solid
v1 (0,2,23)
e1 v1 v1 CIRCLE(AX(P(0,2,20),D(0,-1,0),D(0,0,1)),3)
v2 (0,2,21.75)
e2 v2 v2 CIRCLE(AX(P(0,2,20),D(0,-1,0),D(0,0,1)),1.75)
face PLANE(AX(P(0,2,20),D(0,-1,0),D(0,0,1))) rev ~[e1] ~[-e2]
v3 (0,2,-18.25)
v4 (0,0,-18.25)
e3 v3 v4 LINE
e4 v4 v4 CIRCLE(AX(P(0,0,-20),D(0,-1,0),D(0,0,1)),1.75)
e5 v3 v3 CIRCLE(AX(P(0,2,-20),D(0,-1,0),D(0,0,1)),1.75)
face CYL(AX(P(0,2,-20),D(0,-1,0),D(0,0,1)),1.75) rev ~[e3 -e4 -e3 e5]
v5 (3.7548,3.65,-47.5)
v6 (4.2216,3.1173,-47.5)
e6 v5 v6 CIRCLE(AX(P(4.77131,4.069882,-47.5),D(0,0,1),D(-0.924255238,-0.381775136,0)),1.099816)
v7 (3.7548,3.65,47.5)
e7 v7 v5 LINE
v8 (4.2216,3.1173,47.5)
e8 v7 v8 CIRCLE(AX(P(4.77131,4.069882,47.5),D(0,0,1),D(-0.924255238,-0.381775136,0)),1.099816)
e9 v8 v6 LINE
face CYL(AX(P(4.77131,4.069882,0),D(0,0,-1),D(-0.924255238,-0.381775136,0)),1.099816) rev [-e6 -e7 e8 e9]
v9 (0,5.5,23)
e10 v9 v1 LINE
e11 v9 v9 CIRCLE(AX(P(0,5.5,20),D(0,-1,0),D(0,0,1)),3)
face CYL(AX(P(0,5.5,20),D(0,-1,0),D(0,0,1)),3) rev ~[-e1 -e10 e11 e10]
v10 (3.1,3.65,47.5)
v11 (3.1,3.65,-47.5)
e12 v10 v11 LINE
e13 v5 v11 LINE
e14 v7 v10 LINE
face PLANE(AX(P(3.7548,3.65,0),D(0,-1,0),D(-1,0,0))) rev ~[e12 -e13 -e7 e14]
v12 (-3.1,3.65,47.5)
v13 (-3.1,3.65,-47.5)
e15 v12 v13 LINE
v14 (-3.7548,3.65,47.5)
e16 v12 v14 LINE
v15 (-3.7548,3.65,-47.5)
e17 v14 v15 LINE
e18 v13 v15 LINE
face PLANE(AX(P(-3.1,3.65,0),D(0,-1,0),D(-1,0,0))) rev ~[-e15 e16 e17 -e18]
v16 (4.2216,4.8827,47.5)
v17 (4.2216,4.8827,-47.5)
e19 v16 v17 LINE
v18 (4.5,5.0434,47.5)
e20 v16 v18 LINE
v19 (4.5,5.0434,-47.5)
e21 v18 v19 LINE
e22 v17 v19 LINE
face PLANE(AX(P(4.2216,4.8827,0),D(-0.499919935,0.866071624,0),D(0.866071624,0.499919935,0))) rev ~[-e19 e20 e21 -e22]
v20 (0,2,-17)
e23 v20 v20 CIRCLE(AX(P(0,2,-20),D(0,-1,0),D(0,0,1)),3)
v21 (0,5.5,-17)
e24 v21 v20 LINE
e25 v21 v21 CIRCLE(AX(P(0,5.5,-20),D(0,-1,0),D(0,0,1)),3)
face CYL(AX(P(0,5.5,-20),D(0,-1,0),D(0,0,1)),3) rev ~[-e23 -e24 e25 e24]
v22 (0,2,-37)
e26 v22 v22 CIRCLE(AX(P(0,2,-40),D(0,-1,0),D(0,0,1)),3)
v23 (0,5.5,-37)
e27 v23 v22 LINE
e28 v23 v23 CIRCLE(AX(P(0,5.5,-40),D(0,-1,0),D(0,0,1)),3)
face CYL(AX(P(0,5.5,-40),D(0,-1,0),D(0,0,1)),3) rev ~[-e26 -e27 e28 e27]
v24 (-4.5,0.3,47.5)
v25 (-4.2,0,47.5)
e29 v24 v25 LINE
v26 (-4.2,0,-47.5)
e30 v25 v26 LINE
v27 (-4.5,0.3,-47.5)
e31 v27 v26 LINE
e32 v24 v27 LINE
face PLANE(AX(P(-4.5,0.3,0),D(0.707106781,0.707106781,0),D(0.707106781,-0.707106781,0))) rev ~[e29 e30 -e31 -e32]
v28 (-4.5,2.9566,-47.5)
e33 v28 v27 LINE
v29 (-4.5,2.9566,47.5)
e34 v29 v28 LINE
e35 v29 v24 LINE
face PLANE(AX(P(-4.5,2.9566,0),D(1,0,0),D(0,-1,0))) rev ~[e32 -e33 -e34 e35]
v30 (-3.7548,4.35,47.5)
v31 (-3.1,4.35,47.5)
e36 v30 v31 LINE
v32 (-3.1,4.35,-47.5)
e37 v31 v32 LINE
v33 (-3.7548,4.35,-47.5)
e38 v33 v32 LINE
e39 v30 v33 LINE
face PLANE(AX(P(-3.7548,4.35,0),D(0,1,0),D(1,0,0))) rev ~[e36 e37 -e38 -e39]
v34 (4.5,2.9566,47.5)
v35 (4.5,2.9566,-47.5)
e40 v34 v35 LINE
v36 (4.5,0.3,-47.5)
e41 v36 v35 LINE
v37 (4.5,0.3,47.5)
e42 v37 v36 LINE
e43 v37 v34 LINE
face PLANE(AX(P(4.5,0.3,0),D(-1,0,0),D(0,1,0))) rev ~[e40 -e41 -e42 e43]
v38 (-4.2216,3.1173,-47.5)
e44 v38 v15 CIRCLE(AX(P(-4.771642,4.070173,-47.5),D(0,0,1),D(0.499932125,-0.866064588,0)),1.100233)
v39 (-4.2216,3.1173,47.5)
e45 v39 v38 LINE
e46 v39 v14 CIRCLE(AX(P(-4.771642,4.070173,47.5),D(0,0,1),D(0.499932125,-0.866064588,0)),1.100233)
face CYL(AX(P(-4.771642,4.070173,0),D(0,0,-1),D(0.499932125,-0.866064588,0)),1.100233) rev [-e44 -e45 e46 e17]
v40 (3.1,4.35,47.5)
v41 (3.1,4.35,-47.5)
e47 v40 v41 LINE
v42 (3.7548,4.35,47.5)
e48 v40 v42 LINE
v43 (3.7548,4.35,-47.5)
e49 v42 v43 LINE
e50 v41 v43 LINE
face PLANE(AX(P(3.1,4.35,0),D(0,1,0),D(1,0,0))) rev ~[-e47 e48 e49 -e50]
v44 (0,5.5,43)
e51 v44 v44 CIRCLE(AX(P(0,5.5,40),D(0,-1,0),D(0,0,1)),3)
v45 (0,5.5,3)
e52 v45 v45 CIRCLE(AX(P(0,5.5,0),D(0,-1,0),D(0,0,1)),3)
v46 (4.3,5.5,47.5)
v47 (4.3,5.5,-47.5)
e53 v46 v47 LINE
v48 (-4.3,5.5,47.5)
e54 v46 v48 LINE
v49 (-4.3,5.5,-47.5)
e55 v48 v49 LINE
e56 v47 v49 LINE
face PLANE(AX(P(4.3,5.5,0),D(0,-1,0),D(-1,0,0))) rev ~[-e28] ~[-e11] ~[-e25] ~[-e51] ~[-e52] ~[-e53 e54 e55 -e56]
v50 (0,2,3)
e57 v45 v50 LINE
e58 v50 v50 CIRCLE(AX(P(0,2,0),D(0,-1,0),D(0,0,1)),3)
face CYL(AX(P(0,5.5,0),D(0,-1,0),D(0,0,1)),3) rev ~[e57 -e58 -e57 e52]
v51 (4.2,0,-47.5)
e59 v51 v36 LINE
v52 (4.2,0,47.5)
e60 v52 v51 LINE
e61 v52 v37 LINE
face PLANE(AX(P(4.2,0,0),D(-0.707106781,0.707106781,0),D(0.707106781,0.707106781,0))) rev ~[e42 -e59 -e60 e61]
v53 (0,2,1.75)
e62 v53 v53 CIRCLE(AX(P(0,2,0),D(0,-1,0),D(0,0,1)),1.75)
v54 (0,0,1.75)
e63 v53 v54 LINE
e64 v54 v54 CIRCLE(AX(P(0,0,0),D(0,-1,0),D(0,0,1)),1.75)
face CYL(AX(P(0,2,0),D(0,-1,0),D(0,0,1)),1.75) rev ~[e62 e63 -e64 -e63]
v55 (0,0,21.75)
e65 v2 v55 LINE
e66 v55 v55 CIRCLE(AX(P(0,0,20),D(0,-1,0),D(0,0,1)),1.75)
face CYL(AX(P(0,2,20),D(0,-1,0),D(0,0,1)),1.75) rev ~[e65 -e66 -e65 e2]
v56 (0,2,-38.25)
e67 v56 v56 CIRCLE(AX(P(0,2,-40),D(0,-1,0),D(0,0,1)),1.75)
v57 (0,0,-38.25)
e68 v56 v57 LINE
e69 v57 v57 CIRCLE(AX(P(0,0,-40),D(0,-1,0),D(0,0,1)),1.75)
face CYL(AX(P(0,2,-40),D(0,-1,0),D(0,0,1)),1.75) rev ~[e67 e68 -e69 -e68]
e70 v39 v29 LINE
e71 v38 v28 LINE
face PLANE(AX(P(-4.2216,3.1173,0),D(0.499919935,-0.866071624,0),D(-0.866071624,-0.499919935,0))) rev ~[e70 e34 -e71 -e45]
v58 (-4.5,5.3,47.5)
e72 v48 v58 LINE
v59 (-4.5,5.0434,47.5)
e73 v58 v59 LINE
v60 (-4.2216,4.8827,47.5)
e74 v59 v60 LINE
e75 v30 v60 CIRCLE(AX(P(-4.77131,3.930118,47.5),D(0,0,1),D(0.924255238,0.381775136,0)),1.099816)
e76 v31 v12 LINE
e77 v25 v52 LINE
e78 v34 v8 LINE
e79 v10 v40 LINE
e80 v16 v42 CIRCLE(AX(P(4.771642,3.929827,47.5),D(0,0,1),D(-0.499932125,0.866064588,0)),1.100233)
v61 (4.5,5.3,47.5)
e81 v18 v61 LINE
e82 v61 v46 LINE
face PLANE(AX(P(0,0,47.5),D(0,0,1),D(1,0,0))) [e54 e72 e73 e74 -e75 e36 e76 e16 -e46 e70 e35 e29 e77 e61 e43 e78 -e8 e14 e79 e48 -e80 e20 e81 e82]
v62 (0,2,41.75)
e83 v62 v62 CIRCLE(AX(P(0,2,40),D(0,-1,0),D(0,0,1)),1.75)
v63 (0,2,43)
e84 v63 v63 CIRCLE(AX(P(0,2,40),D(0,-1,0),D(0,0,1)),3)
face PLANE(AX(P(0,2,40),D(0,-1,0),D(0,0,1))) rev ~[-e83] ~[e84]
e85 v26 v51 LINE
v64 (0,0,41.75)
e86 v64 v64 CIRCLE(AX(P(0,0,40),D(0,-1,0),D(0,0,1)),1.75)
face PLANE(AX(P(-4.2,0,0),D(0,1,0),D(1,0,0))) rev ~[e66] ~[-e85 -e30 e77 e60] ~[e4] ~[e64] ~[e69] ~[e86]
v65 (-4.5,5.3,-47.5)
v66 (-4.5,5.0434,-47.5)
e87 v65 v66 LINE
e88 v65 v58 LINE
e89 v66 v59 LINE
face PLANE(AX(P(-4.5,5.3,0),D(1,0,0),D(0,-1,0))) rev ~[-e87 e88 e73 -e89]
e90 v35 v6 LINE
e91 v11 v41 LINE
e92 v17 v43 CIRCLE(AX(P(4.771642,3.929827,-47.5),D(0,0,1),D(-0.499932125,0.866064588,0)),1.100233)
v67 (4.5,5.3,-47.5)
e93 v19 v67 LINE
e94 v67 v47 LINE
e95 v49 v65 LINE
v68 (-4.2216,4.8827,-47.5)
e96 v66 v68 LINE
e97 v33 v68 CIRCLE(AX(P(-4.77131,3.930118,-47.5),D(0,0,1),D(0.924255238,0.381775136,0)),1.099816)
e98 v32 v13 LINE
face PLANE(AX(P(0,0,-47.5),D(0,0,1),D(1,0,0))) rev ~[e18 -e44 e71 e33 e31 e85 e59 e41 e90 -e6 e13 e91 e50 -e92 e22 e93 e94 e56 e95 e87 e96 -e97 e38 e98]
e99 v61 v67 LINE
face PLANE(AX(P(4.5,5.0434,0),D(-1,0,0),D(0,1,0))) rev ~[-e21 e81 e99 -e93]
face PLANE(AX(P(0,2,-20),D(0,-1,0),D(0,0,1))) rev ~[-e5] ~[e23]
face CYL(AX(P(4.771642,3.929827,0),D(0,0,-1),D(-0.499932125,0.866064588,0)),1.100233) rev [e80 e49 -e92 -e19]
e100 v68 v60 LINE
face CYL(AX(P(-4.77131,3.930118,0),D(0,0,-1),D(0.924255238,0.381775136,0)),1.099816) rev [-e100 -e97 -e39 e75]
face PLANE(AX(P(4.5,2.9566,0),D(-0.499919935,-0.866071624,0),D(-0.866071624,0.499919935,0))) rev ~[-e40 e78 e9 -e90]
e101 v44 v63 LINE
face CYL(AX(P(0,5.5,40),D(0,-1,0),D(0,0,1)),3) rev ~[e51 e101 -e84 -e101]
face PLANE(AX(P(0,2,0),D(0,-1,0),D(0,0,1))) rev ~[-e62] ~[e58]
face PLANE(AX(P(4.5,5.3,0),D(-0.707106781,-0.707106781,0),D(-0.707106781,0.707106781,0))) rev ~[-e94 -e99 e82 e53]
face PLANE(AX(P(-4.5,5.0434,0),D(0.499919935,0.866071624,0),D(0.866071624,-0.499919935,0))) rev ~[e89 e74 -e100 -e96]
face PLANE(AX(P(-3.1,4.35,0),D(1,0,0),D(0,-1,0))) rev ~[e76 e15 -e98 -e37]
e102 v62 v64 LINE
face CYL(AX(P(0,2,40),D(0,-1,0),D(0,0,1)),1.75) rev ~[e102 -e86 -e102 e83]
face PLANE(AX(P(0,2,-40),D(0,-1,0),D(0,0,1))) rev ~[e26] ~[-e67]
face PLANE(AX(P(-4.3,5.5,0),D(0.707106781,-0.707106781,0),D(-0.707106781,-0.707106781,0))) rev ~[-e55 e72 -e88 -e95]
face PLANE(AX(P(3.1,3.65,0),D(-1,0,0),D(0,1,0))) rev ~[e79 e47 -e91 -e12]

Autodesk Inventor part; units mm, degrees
sketch "Sketch_12" plane through (0, 0, 0) normal (0, 0, 1) x (1, 0, 0)
  line L0 (-4.5, 5.3) -> (-4.5, 5.0434)
  line L1 (-4.5, 5.0434) -> (-4.2216, 4.8827)
  arc A0 (-3.7548, 4.35) -> (-4.2216, 4.8827) centre (-4.7715, 3.93) ccw
  line L2 (-3.7548, 4.35) -> (-3.1, 4.35)
  line L3 (-3.1, 4.35) -> (-3.1, 3.65)
  line L4 (-3.1, 3.65) -> (-3.7548, 3.65)
  arc A1 (-4.2216, 3.1173) -> (-3.7548, 3.65) centre (-4.7715, 4.07) ccw
  line L5 (-4.2216, 3.1173) -> (-4.5, 2.9566)
  line L6 (-4.5, 2.9566) -> (-4.5, 0.3)
  line L7 (-4.5, 0.3) -> (-4.2, 0)
  line L8 (-4.2, 0) -> (4.2, 0)
  line L9 (4.2, 0) -> (4.5, 0.3)
  line L10 (4.5, 0.3) -> (4.5, 2.9566)
  line L11 (4.5, 2.9566) -> (4.2216, 3.1173)
  arc A2 (3.7548, 3.65) -> (4.2216, 3.1173) centre (4.7715, 4.07) ccw
  line L12 (3.7548, 3.65) -> (3.1, 3.65)
  line L13 (3.1, 3.65) -> (3.1, 4.35)
  line L14 (3.1, 4.35) -> (3.7548, 4.35)
  arc A3 (4.2216, 4.8827) -> (3.7548, 4.35) centre (4.7715, 3.93) ccw
  line L15 (4.2216, 4.8827) -> (4.5, 5.0434)
  line L16 (4.5, 5.0434) -> (4.5, 5.3)
  line L17 (4.5, 5.3) -> (4.3, 5.5)
  line L18 (4.3, 5.5) -> (-4.3, 5.5)
  line L19 (-4.3, 5.5) -> (-4.5, 5.3)
extrude "Extrusion1" add sketch "Sketch_12" along normal mid plane 95
sketch "Sketch2" plane through (-4.3, 5.5, 47.5) normal (0, 1, 0) x (1, 0, 0)
  point P0 (4.3, 87.5)
hole "Hole1" at (0, 5.5, -40) direction (0, -1, 0) diameter 3.5 depth 5.5 counterbore diameter 6 counterbore depth 3.5
pattern_linear "Rectangular Pattern1" count 5 spacing 20 along (0, 0, 1) of "Hole1"
ref_plane "to_block_XY" through (0, 5.5, 0) normal (0, 0, 1) x (1, 0, 0)
ref_plane "to_block_YZ" through (0, 5.5, 0) normal (1, 0, 0) x (0, 1, 0)
ref_plane "to_block_ZX" through (0, 5.5, 0) normal (0, 1, 0) x (0, 0, 1)
properties part number "SSEBZ-MX10-95_r"
